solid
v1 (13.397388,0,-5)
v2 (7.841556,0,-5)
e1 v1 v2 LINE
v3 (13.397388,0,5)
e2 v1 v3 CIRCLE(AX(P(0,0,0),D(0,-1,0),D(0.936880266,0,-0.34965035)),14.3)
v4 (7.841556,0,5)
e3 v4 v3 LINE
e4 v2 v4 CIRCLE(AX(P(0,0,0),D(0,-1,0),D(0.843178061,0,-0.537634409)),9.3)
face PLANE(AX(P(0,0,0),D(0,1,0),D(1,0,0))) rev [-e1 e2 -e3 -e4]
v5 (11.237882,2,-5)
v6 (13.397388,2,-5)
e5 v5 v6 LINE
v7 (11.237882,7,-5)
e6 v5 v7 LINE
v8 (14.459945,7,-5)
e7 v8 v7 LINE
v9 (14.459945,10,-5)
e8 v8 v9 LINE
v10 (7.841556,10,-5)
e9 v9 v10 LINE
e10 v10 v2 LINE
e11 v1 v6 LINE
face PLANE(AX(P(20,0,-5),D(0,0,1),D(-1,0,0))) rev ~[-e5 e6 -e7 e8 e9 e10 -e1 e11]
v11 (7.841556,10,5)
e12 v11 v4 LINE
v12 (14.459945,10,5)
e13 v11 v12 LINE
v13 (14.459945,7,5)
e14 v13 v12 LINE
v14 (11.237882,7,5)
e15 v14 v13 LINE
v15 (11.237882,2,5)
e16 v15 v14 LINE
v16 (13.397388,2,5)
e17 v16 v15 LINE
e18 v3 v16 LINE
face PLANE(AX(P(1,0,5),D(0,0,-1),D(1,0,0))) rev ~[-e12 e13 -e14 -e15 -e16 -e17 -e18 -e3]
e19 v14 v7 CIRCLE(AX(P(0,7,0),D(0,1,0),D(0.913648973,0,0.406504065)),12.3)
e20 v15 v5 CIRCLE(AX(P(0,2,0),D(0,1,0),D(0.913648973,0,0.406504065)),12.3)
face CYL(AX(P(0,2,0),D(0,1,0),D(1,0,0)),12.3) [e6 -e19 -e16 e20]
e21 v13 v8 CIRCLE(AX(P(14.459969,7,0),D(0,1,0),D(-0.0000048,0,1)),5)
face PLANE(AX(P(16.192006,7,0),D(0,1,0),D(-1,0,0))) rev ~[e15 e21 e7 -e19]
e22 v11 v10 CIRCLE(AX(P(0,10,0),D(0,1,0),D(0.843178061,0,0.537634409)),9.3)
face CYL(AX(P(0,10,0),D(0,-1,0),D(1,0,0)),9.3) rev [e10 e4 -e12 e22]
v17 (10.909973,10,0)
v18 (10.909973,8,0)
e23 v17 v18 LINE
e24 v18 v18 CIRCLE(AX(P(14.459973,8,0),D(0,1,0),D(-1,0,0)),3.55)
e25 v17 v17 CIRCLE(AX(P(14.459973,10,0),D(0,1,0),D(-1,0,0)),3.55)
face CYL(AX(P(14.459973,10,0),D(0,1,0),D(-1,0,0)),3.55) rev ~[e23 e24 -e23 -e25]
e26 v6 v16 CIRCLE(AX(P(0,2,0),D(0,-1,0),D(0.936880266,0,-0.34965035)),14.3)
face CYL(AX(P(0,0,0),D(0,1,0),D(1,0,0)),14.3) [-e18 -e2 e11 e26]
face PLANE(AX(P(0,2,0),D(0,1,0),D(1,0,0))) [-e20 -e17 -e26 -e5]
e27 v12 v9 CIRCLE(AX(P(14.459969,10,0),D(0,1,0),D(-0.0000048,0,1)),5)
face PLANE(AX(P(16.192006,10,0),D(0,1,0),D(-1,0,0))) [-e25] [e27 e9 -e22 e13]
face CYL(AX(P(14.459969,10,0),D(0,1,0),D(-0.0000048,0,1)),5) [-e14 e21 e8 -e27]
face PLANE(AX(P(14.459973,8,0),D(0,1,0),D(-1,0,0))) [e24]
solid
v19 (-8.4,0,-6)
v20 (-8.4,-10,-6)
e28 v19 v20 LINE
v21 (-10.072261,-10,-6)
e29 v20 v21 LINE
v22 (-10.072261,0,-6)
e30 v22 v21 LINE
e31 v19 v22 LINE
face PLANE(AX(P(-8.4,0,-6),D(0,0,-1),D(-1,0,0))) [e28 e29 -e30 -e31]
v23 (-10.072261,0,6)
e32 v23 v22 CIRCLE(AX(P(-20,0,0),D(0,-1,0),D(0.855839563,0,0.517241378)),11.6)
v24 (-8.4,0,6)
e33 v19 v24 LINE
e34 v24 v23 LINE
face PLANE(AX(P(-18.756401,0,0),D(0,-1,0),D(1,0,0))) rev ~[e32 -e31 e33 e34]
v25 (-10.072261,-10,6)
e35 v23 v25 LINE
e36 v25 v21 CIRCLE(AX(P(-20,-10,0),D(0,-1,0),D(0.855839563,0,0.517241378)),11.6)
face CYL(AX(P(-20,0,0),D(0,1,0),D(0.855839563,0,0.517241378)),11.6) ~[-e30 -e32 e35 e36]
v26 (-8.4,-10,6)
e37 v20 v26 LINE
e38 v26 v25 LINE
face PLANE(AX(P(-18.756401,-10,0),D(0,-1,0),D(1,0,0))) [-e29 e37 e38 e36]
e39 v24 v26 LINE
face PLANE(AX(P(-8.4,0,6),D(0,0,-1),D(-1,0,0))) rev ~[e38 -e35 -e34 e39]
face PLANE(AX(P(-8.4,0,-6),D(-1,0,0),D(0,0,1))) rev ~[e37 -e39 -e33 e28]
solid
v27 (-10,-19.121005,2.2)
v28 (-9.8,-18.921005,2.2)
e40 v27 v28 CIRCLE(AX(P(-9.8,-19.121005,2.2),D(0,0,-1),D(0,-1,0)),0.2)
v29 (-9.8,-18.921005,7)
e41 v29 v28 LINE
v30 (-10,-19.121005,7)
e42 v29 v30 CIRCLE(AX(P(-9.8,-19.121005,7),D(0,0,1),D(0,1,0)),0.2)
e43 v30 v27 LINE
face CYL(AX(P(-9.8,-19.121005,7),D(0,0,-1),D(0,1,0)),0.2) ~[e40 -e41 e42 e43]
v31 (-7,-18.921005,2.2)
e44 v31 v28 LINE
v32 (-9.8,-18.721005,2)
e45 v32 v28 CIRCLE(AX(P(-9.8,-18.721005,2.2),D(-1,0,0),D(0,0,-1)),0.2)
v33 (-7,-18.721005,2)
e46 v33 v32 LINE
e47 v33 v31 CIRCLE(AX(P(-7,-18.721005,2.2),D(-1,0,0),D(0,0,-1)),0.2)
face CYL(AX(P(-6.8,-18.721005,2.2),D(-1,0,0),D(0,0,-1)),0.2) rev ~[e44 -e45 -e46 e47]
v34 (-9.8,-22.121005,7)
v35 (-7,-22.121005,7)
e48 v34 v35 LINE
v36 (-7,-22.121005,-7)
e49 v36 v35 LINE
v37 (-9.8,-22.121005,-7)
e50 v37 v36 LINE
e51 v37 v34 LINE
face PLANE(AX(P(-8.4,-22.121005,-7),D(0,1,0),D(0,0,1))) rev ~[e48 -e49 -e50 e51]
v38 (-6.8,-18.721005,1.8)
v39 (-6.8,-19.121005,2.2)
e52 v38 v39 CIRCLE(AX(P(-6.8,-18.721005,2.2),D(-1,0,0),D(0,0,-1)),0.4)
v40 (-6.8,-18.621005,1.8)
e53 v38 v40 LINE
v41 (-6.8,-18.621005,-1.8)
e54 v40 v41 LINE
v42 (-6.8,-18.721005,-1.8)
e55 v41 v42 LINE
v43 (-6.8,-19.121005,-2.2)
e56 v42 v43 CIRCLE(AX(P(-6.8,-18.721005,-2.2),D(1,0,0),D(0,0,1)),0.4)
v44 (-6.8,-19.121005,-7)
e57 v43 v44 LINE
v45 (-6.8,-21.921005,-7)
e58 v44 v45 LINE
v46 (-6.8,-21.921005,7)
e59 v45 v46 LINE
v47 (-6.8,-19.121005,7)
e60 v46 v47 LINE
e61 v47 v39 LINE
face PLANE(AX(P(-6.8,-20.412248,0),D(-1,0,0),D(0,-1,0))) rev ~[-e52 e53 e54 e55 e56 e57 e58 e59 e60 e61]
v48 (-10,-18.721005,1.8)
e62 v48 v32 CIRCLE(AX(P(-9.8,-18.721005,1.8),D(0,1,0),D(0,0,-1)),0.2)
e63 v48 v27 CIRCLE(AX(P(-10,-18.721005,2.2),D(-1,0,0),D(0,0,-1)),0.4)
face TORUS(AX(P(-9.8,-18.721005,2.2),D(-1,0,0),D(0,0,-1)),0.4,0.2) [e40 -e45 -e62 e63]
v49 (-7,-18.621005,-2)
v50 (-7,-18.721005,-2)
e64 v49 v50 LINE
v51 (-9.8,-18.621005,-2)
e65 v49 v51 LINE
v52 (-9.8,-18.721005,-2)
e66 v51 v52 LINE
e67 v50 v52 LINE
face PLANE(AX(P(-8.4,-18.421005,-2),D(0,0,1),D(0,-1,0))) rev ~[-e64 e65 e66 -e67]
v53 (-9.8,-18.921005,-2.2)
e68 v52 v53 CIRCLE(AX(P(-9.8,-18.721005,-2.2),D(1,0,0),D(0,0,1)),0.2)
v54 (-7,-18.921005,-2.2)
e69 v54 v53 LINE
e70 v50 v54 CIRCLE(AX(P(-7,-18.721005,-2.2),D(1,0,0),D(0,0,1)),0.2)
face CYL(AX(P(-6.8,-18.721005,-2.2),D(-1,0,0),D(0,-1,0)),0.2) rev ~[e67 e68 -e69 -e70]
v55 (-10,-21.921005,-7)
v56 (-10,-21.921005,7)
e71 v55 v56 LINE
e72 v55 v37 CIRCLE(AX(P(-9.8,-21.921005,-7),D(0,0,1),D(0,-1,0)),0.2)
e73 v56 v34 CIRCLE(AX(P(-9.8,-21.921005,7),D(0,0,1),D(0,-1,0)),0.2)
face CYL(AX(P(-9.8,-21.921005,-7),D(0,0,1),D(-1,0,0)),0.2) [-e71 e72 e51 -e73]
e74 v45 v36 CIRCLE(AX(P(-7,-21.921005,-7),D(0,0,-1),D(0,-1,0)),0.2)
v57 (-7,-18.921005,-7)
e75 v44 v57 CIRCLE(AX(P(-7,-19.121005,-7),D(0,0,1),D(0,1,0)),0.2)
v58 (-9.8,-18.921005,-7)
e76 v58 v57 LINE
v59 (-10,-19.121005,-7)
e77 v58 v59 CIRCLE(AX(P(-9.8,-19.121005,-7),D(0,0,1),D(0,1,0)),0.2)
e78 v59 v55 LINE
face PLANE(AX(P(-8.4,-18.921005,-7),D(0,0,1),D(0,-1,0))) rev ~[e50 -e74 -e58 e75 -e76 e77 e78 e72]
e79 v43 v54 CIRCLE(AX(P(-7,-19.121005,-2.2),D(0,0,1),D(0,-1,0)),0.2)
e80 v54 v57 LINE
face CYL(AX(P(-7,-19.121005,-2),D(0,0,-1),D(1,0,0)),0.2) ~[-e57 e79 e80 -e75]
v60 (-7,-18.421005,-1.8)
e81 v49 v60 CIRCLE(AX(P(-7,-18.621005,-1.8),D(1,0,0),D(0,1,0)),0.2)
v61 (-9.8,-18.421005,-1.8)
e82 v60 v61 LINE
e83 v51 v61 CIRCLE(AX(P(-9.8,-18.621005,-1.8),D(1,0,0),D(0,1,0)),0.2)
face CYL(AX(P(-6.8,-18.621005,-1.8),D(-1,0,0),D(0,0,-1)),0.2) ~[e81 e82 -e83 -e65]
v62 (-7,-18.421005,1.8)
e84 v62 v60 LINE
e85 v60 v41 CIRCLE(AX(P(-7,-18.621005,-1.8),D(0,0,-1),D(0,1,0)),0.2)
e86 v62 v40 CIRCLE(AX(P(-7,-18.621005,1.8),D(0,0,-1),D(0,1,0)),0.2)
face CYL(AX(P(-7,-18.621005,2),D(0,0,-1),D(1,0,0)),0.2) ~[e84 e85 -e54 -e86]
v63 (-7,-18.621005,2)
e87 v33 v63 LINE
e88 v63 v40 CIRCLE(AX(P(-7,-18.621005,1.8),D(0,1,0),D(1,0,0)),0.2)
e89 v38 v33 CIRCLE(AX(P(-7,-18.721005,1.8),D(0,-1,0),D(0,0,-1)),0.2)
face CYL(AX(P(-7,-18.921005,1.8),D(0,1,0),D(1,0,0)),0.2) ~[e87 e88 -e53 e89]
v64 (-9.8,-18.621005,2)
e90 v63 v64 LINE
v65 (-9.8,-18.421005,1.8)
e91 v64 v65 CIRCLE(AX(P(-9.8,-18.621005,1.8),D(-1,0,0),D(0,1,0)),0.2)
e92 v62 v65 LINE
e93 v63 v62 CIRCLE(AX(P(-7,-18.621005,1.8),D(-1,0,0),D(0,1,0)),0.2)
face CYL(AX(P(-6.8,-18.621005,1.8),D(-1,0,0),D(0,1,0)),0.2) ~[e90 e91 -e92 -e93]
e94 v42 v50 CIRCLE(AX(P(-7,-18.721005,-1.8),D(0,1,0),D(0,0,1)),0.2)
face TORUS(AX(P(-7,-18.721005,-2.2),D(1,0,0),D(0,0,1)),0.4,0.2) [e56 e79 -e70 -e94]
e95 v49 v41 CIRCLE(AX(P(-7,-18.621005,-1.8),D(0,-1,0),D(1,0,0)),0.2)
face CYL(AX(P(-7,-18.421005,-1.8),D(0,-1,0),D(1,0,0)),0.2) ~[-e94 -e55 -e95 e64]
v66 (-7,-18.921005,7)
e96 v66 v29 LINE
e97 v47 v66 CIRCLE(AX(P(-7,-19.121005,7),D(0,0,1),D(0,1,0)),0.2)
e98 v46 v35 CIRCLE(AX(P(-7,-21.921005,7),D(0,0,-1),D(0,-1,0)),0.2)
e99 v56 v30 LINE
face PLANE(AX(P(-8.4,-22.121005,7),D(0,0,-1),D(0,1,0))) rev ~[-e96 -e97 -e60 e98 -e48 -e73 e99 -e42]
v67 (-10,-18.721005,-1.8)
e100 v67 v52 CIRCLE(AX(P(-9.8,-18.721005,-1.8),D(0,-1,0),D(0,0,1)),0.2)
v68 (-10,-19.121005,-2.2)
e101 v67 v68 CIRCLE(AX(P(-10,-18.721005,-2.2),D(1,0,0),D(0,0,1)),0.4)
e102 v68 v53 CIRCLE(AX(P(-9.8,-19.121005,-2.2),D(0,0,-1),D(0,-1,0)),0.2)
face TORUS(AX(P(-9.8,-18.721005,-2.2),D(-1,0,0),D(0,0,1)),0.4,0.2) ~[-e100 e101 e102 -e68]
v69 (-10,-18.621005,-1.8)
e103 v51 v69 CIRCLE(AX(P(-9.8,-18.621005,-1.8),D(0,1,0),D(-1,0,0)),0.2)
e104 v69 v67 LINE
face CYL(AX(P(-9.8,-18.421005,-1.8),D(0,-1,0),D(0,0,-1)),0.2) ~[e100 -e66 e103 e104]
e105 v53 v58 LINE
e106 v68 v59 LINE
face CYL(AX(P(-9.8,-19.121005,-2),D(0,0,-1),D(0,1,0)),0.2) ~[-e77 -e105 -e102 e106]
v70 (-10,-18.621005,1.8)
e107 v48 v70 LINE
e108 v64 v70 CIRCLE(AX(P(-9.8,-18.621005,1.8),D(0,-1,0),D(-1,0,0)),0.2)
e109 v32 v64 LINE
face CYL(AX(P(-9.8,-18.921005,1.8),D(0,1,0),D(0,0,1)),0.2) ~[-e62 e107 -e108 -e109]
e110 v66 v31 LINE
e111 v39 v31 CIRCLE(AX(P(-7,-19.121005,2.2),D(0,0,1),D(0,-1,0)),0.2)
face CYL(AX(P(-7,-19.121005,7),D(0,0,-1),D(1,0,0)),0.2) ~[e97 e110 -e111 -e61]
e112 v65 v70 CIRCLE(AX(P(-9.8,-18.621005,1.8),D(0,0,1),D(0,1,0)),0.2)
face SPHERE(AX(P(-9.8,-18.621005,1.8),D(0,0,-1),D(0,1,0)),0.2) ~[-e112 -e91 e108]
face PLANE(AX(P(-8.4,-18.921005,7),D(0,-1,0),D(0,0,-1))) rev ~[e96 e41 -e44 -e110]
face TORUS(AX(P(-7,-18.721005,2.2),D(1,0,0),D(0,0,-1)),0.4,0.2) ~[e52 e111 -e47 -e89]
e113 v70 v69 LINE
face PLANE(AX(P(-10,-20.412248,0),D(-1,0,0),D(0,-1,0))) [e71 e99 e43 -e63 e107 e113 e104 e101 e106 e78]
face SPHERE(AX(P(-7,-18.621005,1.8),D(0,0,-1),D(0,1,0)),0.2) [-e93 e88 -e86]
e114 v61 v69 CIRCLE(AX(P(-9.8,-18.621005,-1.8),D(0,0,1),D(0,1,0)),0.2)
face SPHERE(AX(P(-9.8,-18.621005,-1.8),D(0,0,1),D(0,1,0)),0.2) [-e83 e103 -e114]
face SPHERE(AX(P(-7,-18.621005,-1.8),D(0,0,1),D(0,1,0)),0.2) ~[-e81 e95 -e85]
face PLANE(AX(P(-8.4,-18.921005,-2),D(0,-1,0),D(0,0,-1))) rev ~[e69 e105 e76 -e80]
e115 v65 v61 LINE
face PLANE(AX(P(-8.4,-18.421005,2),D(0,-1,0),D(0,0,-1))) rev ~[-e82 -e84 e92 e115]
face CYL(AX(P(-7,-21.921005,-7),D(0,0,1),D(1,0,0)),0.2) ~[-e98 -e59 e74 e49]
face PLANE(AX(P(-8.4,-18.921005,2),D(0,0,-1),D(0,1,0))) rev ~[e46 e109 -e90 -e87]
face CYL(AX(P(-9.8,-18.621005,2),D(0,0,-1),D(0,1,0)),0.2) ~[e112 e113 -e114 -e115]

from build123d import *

# Parameters (mm, degrees)
SKETCH004_R      = 3.55
EXTRUDE002_DEPTH = 2
EXTRUDE_DEPTH    = 3
EXTRUDE001_DEPTH = 10
EXTRUDE003_DEPTH = 10
EXTRUDE004_DEPTH = 1.6
FILLET_R         = 0.2


with BuildPart() as extrude002:
    # Sketch004 (on Face11 of Fusion) → Extrude002 (new body)
    with BuildSketch(Plane(origin=(0, 10, 0), x_dir=(-1, 0, 0), z_dir=(0, 1, 0))):
        with Locations((-14.459973, 0)):
            Circle(SKETCH004_R)
    extrude(amount=-EXTRUDE002_DEPTH)


with BuildPart() as extrude_body:
    # Sketch003 (on Face5 of Cut) → Extrude (new body)
    with BuildSketch(Plane(origin=(0, 10, 0), x_dir=(-1, 0, 0), z_dir=(0, 1, 0))):
        with BuildLine():
            ThreePointArc((-14.459945, 5), (-19.459969, 0), (-14.459945, -5))
            Line((-14.459945, 5), (-14.459945, -5))
        make_face()
    extrude(amount=-EXTRUDE_DEPTH)


with BuildPart() as extrude001:
    # Sketch002 → Extrude001 (new body)
    with BuildSketch(Plane.XZ):
        Polygon((1, 5), (20, 5), (20, 20), (-20, 20), (-20, -20), (20, -20), (20, -5), (1, -5), (1, 0), align=None)
    extrude(amount=-EXTRUDE001_DEPTH)


with BuildPart() as cut001:
    # Sketch → Revolve (revolve)
    with BuildSketch(Plane.XY):
        Polygon((9.3, 10), (9.3, 0), (14.3, 0), (14.3, 2), (12.3, 2), (12.3, 7), (15.3, 7), (15.3, 10), align=None)
    revolve(axis=Axis((0, 0, 0), (0, 1, 0)))

    # Cut: cut Extrude001
    add(extrude001.part, mode=Mode.SUBTRACT)

    # Fusion: union Extrude body
    add(extrude_body.part)

    # Cut001: cut Extrude002
    add(extrude002.part, mode=Mode.SUBTRACT)


with BuildPart() as extrude003:
    # Sketch005 → Extrude003 (new body)
    with BuildSketch(Plane.XZ):
        with BuildLine():
            ThreePointArc((-10.072261, 6), (-31.6, 0), (-10.072261, -6))
            Line((-8.4, -6), (-10.072261, -6))
            Line((-8.4, 0), (-8.4, -6))
            Line((-8.4, 0), (-8.4, 6))
            Line((-8.4, 6), (-10.072261, 6))
        make_face()
    extrude(amount=EXTRUDE003_DEPTH)


with BuildPart() as body:
    # Sketch006 (on Face1 of Extrude003) → Extrude004 (new body, symmetric)
    with BuildSketch(Plane.YZ.offset(-8.4)):
        Polygon((-22.121005, 7), (-18.921005, 7), (-18.921005, 2), (-18.421005, 2), (-18.421005, -2), (-18.921005, -2), (-18.921005, -7), (-22.121005, -7), align=None)
    extrude(amount=EXTRUDE004_DEPTH, both=True)

    # Fillet
    fillet_edges = [body.edges().sort_by_distance(p)[0] for p in [
        (-10, -22.121005, 0),
        (-10, -18.921005, -4.5),
        (-6.8, -18.921005, -4.5),
        (-10, -18.921005, 4.5),
        (-6.8, -18.921005, 4.5),
        (-6.8, -22.121005, 0),
        (-10, -18.421005, 0),
        (-6.8, -18.421005, 0),
        (-8.4, -18.921005, -2),
        (-8.4, -18.421005, -2),
        (-10, -18.671005, -2),
        (-6.8, -18.671005, -2),
        (-8.4, -18.421005, 2),
        (-8.4, -18.921005, 2),
        (-10, -18.671005, 2),
        (-6.8, -18.671005, 2),
    ]]
    fillet(fillet_edges, radius=FILLET_R)


solid = Compound([cut001.part, extrude003.part, body.part])
